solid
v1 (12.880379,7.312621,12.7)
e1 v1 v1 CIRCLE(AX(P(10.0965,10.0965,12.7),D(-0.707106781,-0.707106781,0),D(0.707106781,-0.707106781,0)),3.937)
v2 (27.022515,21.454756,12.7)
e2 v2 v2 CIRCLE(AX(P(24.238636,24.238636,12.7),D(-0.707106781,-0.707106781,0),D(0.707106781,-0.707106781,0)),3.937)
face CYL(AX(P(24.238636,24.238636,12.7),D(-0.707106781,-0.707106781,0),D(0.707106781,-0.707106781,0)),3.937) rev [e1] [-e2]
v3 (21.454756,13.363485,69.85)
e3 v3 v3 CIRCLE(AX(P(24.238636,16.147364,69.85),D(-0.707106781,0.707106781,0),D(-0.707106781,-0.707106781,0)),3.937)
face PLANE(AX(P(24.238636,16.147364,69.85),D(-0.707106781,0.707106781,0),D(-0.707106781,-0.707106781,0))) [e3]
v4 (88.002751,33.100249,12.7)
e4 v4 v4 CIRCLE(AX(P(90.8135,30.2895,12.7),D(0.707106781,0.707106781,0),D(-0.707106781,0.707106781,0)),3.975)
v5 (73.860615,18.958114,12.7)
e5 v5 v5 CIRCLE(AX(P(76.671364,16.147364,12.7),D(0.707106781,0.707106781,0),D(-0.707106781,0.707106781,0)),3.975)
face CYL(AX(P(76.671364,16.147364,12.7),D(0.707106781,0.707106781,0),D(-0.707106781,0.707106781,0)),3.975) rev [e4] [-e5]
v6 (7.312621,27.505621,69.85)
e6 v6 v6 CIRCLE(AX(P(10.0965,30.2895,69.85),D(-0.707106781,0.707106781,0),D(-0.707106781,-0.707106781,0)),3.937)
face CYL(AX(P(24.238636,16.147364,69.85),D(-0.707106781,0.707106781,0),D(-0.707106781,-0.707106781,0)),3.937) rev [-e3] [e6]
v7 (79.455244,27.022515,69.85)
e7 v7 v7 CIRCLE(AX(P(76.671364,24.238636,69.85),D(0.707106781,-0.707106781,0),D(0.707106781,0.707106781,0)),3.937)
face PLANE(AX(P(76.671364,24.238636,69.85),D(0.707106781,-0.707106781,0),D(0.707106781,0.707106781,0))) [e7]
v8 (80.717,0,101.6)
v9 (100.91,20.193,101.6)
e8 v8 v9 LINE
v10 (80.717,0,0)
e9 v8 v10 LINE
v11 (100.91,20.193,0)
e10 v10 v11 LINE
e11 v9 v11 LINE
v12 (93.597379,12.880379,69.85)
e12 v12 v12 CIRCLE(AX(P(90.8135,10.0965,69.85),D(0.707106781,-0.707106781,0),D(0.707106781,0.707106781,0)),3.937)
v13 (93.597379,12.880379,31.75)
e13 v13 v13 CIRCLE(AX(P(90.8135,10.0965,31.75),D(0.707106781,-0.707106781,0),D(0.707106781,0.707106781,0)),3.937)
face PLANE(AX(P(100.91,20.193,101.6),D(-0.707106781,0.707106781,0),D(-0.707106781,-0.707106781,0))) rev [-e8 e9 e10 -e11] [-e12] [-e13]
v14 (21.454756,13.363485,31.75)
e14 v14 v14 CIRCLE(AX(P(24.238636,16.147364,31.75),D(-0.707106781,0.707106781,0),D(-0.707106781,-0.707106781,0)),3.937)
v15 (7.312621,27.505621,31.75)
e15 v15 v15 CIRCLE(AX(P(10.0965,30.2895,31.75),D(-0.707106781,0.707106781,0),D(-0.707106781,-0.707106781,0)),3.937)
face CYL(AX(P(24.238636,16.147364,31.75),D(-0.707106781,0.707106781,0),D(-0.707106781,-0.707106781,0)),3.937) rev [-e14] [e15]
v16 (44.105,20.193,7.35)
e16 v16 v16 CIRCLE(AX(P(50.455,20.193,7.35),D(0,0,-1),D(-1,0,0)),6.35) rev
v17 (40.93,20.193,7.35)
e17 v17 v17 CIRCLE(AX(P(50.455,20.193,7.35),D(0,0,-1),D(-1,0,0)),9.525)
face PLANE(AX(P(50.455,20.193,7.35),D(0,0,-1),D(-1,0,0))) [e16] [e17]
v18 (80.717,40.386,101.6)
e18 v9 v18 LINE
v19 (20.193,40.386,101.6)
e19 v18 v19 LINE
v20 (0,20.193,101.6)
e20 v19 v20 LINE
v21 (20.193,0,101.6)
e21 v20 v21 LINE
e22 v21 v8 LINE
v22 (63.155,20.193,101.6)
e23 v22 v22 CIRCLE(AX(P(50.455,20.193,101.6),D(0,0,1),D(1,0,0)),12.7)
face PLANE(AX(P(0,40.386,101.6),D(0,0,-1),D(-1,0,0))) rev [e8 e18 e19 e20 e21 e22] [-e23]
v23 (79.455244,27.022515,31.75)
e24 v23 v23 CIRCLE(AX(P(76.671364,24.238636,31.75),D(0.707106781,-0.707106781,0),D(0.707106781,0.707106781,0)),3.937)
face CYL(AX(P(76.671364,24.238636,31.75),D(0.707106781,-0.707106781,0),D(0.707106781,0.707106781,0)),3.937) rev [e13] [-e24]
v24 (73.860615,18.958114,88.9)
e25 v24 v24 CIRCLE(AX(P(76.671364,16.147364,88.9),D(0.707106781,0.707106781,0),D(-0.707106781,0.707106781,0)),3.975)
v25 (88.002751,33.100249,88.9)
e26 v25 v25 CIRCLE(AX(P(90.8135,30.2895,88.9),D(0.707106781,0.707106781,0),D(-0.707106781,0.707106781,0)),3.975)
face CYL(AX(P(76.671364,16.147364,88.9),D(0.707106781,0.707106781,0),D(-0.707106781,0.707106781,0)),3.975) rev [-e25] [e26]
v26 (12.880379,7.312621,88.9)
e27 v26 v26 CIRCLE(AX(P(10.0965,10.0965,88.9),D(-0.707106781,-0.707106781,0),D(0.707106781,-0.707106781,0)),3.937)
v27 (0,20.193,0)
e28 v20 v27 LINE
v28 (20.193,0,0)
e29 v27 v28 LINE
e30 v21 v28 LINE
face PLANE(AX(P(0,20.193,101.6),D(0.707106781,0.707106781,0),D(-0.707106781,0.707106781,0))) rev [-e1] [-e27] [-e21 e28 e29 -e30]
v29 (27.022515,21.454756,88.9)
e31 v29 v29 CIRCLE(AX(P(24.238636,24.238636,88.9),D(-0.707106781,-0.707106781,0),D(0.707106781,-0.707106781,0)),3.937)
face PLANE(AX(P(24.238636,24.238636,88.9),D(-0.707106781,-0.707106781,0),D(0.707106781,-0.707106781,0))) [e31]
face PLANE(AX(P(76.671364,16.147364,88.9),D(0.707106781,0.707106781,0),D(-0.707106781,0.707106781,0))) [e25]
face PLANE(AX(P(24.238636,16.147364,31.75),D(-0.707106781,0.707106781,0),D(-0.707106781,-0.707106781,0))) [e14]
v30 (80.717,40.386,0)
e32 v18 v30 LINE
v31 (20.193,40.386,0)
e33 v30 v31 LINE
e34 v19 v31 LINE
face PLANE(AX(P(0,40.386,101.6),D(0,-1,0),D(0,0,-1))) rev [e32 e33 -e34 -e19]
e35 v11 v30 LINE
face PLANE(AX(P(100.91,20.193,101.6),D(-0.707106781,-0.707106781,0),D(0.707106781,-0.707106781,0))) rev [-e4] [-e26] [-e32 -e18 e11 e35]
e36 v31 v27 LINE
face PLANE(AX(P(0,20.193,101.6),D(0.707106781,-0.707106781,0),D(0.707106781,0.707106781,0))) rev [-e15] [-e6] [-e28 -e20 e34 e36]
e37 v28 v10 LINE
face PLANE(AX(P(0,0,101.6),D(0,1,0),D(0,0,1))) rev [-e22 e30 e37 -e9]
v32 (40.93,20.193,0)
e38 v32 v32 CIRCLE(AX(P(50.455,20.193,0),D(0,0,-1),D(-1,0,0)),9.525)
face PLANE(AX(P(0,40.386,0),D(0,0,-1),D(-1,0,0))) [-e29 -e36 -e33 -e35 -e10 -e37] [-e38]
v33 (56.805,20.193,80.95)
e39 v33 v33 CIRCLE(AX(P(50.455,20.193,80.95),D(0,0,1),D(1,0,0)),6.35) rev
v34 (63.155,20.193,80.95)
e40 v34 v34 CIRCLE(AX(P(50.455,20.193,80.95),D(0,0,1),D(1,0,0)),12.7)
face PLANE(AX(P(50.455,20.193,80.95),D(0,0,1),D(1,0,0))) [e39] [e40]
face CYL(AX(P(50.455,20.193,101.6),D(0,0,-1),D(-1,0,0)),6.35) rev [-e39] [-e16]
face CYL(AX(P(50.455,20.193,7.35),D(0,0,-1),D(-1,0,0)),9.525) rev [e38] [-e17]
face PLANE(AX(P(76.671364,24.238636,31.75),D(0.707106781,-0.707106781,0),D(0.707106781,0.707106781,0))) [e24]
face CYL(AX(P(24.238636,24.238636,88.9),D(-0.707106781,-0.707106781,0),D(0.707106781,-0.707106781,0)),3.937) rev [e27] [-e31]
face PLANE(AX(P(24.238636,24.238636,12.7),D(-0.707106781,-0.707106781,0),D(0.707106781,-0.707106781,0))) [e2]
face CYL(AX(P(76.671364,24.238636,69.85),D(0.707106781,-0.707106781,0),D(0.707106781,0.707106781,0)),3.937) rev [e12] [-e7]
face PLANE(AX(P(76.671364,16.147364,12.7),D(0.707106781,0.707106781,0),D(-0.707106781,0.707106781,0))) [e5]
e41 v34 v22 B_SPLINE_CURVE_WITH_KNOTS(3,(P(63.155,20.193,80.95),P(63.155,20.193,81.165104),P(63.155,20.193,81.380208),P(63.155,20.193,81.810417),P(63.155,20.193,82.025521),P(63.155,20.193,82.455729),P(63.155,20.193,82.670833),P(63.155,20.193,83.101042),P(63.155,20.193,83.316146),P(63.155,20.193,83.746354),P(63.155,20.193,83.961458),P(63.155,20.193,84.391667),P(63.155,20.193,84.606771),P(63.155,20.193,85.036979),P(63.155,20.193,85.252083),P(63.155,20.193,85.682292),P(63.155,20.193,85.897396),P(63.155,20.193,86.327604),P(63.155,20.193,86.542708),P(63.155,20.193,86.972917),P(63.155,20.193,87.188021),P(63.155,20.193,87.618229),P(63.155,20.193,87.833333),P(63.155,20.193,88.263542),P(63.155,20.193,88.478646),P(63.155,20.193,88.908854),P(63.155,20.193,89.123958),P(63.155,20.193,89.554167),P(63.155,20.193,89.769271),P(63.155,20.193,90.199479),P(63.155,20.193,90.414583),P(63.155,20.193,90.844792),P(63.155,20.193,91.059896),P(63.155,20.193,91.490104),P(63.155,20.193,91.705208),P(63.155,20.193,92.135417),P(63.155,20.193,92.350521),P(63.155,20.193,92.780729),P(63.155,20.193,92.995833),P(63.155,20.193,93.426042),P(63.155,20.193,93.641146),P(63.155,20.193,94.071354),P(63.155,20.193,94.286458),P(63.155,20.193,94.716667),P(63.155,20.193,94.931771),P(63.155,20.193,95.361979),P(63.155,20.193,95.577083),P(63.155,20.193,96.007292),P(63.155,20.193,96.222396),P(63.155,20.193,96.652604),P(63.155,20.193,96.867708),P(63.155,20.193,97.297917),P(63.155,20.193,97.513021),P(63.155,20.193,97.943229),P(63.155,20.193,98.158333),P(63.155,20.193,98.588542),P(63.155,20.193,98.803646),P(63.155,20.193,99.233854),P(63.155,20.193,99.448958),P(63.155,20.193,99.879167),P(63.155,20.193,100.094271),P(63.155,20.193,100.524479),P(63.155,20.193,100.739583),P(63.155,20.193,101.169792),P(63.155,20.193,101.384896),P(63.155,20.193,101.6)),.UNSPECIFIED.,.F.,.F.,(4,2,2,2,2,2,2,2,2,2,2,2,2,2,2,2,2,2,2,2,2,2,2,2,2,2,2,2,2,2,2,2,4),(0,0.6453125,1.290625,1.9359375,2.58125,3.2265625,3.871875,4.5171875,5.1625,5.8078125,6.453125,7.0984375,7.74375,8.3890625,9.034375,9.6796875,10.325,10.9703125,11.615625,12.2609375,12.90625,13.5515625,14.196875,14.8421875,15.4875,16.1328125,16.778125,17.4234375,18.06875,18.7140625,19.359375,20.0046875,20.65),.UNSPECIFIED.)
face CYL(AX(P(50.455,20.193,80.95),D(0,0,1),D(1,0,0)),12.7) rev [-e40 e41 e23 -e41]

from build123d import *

# Parameters (mm, degrees)
ESQUISSE1_W             = 100.91
ESQUISSE1_H             = 40.386
BOSS_EXTRU_1_DEPTH      = 101.6
ENL_V_MAT_EXTRU_1_DEPTH = 101.6
ENL_V_MAT_EXTRU_2_DEPTH = 149.783121005
ESQUISSE5_R             = 3.975
ENL_V_MAT_EXTRU_3_DEPTH = 20
ESQUISSE6_R             = 3.937
ENL_V_MAT_EXTRU_4_DEPTH = 20
ESQUISSE7_R             = 3.937
ENL_V_MAT_EXTRU_5_DEPTH = 20
ESQUISSE8_R             = 3.937
ENL_V_MAT_EXTRU_6_DEPTH = 20
ESQUISSE9_R             = 6.35
ENL_V_MAT_EXTRU_7_DEPTH = 149.783121005
ESQUISSE10_R            = 9.525
ENL_V_MAT_EXTRU_8_DEPTH = 7.35
ESQUISSE11_R            = 12.7
ENL_V_MAT_EXTRU_9_DEPTH = 20.65


with BuildPart() as part:
    # Esquisse1 → Boss.-Extru.1 (new body)
    with BuildSketch(Plane.XY):
        with Locations((50.455, 20.193)):
            Rectangle(ESQUISSE1_W, ESQUISSE1_H)
    extrude(amount=BOSS_EXTRU_1_DEPTH)

    # Esquisse3 → Enlèv. mat.-Extru.1 (cut)
    with BuildSketch(Plane(origin=(0, 0, 0), x_dir=(-1, 0, 0), z_dir=(0, 0, -1))):
        Polygon((-100.91, 20.193), (-80.717, 0), (-100.91, 0), align=None)
        Polygon((0, 0), (0, 20.193), (-20.193, 0), align=None)
    extrude(amount=-ENL_V_MAT_EXTRU_1_DEPTH, mode=Mode.SUBTRACT)

    # Esquisse4 → Enlèv. mat.-Extru.2 (cut, through all)
    with BuildSketch(Plane(origin=(0, 0, 0), x_dir=(-1, 0, 0), z_dir=(0, 0, -1))):
        Polygon((-100.91, 20.193), (-80.717, 40.386), (-100.91, 40.386), align=None)
        Polygon((0, 40.386), (0, 20.193), (-20.193, 40.386), align=None)
    extrude(amount=-ENL_V_MAT_EXTRU_2_DEPTH, mode=Mode.SUBTRACT)

    # Esquisse5 → Enlèv. mat.-Extru.3 (cut)
    with BuildSketch(Plane(origin=(60.5515, 60.5515, 0), x_dir=(0, 0, -1), z_dir=(0.7071067811865488, 0.7071067811865464, 0))):
        with Locations(Location((-88.9, -42.796930825, 0), (0, 0, 90))):
            Circle(ESQUISSE5_R)
        with Locations(Location((-12.7, -42.796930825, 0), (0, 0, 90))):
            Circle(ESQUISSE5_R)
    extrude(amount=-ENL_V_MAT_EXTRU_3_DEPTH, mode=Mode.SUBTRACT)

    # Esquisse6 → Enlèv. mat.-Extru.4 (cut)
    with BuildSketch(Plane(origin=(10.0965, 10.0965, 0), x_dir=(0, 0, 1), z_dir=(-0.7071067811865475, -0.7071067811865476, 0))):
        with Locations(Location((12.7, 0, 0), (0, 0, 270))):
            Circle(ESQUISSE6_R)
        with Locations(Location((88.9, 0, 0), (0, 0, 270))):
            Circle(ESQUISSE6_R)
    extrude(amount=-ENL_V_MAT_EXTRU_4_DEPTH, mode=Mode.SUBTRACT)

    # Esquisse7 → Enlèv. mat.-Extru.5 (cut)
    with BuildSketch(Plane(origin=(-10.0965, 10.0965, 0), x_dir=(0, 0, 1), z_dir=(-0.7071067811865488, 0.7071067811865464, 0))):
        with Locations(Location((31.75, 28.557214465, 0), (0, 0, 270))):
            Circle(ESQUISSE7_R)
        with Locations(Location((69.85, 28.557214465, 0), (0, 0, 270))):
            Circle(ESQUISSE7_R)
    extrude(amount=-ENL_V_MAT_EXTRU_5_DEPTH, mode=Mode.SUBTRACT)

    # Esquisse8 → Enlèv. mat.-Extru.6 (cut)
    with BuildSketch(Plane(origin=(40.3585, -40.3585, 0), x_dir=(0, 0, -1), z_dir=(0.7071067811865475, -0.7071067811865476, 0))):
        with Locations(Location((-69.85, 71.35414529, 0), (0, 0, 90))):
            Circle(ESQUISSE8_R)
        with Locations(Location((-31.75, 71.35414529, 0), (0, 0, 90))):
            Circle(ESQUISSE8_R)
    extrude(amount=-ENL_V_MAT_EXTRU_6_DEPTH, mode=Mode.SUBTRACT)

    # Esquisse9 → Enlèv. mat.-Extru.7 (cut, through all)
    with BuildSketch(Plane(origin=(0, 0, 0), x_dir=(-1, 0, 0), z_dir=(0, 0, -1))):
        with Locations((-50.455, 20.193)):
            Circle(ESQUISSE9_R)
    extrude(amount=-ENL_V_MAT_EXTRU_7_DEPTH, mode=Mode.SUBTRACT)

    # Esquisse10 → Enlèv. mat.-Extru.8 (cut)
    with BuildSketch(Plane(origin=(0, 0, 0), x_dir=(-1, 0, 0), z_dir=(0, 0, -1))):
        with Locations((-50.455, 20.193)):
            Circle(ESQUISSE10_R)
    extrude(amount=-ENL_V_MAT_EXTRU_8_DEPTH, mode=Mode.SUBTRACT)

    # Esquisse11 → Enlèv. mat.-Extru.9 (cut)
    with BuildSketch(Plane.XY.offset(101.6)):
        with Locations((50.455, 20.193)):
            Circle(ESQUISSE11_R)
    extrude(amount=-ENL_V_MAT_EXTRU_9_DEPTH, mode=Mode.SUBTRACT)


solid = part.part
